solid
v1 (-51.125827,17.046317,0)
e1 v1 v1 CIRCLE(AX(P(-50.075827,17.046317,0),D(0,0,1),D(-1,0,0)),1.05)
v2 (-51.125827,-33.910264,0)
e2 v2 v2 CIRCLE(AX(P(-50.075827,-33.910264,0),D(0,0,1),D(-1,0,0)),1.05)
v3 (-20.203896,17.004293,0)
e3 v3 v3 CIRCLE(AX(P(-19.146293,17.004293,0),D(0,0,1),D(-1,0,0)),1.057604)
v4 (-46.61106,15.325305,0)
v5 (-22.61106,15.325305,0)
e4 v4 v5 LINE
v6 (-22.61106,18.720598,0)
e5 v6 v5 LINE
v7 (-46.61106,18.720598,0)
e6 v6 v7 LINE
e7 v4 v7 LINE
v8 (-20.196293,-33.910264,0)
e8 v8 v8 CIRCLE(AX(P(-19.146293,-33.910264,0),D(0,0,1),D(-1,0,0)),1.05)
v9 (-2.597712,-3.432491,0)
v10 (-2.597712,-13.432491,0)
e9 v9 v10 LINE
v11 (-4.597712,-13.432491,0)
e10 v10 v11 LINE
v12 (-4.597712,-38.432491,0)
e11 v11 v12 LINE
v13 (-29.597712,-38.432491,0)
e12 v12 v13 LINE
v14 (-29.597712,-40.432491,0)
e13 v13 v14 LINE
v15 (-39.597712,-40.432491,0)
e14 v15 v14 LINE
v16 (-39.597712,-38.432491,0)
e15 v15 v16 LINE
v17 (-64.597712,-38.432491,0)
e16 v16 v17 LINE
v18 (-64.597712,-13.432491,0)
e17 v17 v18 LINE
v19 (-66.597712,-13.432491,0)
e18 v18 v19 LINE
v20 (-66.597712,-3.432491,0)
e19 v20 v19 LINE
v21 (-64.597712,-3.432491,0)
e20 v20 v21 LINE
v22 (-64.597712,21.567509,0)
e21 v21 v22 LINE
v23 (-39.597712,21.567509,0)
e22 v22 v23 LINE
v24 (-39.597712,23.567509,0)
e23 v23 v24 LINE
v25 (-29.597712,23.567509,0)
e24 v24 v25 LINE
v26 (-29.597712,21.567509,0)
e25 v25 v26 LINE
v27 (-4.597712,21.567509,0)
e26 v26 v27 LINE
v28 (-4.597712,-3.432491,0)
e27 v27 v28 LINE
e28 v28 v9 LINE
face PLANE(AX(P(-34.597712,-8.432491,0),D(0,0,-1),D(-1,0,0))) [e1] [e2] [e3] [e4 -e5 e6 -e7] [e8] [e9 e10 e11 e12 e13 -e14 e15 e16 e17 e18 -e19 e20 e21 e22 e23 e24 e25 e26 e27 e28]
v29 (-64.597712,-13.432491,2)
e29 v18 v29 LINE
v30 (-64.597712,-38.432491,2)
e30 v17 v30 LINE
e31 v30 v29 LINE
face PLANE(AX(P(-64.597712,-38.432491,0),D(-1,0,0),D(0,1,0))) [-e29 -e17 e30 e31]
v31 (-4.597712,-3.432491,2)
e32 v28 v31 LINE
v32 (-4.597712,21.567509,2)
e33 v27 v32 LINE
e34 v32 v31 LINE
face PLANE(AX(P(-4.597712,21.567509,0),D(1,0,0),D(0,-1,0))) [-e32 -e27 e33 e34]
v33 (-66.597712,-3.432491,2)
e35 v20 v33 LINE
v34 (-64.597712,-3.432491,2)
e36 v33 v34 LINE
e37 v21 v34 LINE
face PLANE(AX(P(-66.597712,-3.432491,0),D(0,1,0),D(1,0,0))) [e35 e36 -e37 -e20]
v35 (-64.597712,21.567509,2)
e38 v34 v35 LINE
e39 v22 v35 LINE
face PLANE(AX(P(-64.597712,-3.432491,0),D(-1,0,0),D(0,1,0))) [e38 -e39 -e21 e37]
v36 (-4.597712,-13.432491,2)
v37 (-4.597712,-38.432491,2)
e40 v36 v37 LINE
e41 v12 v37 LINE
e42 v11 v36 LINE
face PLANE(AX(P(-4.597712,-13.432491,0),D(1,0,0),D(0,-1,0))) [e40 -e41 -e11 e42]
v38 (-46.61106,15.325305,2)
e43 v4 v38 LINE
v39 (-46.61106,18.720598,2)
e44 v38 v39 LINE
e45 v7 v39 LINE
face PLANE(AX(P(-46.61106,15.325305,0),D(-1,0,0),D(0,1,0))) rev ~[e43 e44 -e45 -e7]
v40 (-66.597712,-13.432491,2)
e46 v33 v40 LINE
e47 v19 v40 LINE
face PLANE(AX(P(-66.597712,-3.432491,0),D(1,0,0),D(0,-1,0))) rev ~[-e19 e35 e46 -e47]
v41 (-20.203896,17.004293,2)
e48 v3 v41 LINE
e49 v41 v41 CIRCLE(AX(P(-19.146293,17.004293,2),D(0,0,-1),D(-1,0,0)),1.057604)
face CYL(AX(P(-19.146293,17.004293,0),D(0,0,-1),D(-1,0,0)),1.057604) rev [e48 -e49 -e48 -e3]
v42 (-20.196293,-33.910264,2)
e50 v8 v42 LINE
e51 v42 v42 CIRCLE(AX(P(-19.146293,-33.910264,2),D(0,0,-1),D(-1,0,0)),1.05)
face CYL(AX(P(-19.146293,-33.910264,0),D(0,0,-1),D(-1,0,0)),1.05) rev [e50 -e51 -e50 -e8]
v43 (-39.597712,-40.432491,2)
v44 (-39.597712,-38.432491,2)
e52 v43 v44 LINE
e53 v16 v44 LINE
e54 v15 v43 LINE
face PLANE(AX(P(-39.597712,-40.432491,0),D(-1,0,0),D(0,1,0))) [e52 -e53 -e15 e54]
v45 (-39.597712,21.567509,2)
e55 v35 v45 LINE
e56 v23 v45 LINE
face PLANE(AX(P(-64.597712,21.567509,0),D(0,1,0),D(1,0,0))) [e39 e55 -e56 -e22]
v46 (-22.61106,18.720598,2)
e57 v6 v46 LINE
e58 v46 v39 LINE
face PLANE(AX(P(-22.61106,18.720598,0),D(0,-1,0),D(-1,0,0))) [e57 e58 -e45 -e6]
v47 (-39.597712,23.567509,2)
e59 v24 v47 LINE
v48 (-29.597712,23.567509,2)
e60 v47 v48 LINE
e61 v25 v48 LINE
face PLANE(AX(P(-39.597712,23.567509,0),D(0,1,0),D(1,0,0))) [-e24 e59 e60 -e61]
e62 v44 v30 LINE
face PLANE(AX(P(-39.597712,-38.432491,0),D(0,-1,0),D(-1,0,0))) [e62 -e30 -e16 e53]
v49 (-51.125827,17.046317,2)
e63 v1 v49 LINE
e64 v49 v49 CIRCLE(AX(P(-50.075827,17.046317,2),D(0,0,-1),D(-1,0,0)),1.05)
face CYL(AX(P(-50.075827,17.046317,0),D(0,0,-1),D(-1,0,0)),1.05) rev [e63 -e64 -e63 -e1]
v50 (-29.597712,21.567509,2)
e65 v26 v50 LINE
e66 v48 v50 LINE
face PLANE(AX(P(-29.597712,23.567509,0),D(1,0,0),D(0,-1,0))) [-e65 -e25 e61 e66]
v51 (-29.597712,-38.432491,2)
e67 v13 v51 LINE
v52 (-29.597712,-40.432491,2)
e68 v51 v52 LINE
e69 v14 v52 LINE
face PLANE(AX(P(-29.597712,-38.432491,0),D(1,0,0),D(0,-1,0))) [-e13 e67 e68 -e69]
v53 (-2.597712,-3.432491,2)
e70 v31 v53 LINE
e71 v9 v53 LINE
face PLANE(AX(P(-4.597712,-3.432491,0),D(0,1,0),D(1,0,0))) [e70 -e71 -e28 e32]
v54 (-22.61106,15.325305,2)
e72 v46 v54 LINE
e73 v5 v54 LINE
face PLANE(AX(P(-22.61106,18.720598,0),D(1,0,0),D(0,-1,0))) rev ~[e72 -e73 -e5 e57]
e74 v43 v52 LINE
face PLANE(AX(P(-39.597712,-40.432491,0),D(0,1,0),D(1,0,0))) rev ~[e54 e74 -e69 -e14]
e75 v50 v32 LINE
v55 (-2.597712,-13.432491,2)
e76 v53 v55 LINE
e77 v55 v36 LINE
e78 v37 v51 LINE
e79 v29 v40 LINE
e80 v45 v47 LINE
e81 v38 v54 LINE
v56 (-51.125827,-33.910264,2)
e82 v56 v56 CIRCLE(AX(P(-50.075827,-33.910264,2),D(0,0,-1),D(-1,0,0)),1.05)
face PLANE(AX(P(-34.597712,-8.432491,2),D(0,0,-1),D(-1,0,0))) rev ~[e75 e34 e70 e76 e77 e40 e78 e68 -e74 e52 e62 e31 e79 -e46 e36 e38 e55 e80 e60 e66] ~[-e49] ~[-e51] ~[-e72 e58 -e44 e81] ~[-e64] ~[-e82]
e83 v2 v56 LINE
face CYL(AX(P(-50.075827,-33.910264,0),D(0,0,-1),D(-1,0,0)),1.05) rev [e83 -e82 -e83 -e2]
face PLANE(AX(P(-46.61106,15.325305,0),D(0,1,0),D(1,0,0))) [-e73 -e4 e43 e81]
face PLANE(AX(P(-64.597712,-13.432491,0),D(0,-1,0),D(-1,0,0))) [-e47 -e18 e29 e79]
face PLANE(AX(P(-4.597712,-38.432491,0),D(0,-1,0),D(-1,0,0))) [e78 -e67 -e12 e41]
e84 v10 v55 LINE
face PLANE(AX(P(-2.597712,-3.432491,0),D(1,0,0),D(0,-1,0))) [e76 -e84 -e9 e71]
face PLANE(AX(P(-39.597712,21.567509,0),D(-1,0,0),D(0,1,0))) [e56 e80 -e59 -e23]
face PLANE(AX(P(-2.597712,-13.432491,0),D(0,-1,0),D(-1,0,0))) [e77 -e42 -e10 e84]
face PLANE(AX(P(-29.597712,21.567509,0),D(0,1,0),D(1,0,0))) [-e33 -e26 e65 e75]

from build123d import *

# Parameters (mm, degrees)
EXTRUDE_1_DEPTH     = 2
SKETCH_2_R          = 1.05
SKETCH_2_R_2        = 1.05760355
CUT_EXTRUDE_1_DEPTH = 6
CUT_EXTRUDE_2_DEPTH = 4


with BuildPart() as part:
    # 草图1 → 凸台-拉伸1 (new body)
    with BuildSketch(Plane.XY):
        Polygon((-4.597711938, -13.43249055), (-4.597711938, -38.43249055), (-29.597711938, -38.43249055), (-29.597711938, -40.43249055), (-34.597711938, -40.43249055), (-39.597711938, -40.43249055), (-39.597711938, -38.43249055), (-64.597711938, -38.43249055), (-64.597711938, -13.43249055), (-66.597711938, -13.43249055), (-66.597711938, -8.43249055), (-66.597711938, -3.43249055), (-64.597711938, -3.43249055), (-64.597711938, 21.56750945), (-39.597711938, 21.56750945), (-39.597711938, 23.56750945), (-29.597711938, 23.56750945), (-29.597711938, 21.56750945), (-4.597711938, 21.56750945), (-4.597711938, -3.43249055), (-2.597711938, -3.43249055), (-2.597711938, -13.43249055), align=None)
    extrude(amount=EXTRUDE_1_DEPTH)

    # 草图2 → 切除-拉伸1 (cut)
    with BuildSketch(Plane.XY):
        with Locations(Location((-50.075826656, 17.046317073, 0), (0, 0, 180))):
            Circle(SKETCH_2_R)
        with Locations(Location((-19.146292681, 17.004293118, 0), (0, 0, 180))):
            Circle(SKETCH_2_R_2)
        with Locations(Location((-19.146292681, -33.910264006, 0), (0, 0, 180))):
            Circle(SKETCH_2_R)
        with Locations(Location((-50.075826656, -33.910264006, 0), (0, 0, 180))):
            Circle(SKETCH_2_R)
    extrude(amount=CUT_EXTRUDE_1_DEPTH, mode=Mode.SUBTRACT)

    # 草图4 → 切除-拉伸2 (cut)
    with BuildSketch(Plane.XY):
        Polygon((-32.878676175, 18.720597517), (-22.611059668, 18.720597517), (-22.611059668, 15.325305096), (-32.878676175, 15.325305096), (-46.611059668, 15.325305096), (-46.611059668, 18.720597517), align=None)
    extrude(amount=CUT_EXTRUDE_2_DEPTH, mode=Mode.SUBTRACT)


solid = part.part
